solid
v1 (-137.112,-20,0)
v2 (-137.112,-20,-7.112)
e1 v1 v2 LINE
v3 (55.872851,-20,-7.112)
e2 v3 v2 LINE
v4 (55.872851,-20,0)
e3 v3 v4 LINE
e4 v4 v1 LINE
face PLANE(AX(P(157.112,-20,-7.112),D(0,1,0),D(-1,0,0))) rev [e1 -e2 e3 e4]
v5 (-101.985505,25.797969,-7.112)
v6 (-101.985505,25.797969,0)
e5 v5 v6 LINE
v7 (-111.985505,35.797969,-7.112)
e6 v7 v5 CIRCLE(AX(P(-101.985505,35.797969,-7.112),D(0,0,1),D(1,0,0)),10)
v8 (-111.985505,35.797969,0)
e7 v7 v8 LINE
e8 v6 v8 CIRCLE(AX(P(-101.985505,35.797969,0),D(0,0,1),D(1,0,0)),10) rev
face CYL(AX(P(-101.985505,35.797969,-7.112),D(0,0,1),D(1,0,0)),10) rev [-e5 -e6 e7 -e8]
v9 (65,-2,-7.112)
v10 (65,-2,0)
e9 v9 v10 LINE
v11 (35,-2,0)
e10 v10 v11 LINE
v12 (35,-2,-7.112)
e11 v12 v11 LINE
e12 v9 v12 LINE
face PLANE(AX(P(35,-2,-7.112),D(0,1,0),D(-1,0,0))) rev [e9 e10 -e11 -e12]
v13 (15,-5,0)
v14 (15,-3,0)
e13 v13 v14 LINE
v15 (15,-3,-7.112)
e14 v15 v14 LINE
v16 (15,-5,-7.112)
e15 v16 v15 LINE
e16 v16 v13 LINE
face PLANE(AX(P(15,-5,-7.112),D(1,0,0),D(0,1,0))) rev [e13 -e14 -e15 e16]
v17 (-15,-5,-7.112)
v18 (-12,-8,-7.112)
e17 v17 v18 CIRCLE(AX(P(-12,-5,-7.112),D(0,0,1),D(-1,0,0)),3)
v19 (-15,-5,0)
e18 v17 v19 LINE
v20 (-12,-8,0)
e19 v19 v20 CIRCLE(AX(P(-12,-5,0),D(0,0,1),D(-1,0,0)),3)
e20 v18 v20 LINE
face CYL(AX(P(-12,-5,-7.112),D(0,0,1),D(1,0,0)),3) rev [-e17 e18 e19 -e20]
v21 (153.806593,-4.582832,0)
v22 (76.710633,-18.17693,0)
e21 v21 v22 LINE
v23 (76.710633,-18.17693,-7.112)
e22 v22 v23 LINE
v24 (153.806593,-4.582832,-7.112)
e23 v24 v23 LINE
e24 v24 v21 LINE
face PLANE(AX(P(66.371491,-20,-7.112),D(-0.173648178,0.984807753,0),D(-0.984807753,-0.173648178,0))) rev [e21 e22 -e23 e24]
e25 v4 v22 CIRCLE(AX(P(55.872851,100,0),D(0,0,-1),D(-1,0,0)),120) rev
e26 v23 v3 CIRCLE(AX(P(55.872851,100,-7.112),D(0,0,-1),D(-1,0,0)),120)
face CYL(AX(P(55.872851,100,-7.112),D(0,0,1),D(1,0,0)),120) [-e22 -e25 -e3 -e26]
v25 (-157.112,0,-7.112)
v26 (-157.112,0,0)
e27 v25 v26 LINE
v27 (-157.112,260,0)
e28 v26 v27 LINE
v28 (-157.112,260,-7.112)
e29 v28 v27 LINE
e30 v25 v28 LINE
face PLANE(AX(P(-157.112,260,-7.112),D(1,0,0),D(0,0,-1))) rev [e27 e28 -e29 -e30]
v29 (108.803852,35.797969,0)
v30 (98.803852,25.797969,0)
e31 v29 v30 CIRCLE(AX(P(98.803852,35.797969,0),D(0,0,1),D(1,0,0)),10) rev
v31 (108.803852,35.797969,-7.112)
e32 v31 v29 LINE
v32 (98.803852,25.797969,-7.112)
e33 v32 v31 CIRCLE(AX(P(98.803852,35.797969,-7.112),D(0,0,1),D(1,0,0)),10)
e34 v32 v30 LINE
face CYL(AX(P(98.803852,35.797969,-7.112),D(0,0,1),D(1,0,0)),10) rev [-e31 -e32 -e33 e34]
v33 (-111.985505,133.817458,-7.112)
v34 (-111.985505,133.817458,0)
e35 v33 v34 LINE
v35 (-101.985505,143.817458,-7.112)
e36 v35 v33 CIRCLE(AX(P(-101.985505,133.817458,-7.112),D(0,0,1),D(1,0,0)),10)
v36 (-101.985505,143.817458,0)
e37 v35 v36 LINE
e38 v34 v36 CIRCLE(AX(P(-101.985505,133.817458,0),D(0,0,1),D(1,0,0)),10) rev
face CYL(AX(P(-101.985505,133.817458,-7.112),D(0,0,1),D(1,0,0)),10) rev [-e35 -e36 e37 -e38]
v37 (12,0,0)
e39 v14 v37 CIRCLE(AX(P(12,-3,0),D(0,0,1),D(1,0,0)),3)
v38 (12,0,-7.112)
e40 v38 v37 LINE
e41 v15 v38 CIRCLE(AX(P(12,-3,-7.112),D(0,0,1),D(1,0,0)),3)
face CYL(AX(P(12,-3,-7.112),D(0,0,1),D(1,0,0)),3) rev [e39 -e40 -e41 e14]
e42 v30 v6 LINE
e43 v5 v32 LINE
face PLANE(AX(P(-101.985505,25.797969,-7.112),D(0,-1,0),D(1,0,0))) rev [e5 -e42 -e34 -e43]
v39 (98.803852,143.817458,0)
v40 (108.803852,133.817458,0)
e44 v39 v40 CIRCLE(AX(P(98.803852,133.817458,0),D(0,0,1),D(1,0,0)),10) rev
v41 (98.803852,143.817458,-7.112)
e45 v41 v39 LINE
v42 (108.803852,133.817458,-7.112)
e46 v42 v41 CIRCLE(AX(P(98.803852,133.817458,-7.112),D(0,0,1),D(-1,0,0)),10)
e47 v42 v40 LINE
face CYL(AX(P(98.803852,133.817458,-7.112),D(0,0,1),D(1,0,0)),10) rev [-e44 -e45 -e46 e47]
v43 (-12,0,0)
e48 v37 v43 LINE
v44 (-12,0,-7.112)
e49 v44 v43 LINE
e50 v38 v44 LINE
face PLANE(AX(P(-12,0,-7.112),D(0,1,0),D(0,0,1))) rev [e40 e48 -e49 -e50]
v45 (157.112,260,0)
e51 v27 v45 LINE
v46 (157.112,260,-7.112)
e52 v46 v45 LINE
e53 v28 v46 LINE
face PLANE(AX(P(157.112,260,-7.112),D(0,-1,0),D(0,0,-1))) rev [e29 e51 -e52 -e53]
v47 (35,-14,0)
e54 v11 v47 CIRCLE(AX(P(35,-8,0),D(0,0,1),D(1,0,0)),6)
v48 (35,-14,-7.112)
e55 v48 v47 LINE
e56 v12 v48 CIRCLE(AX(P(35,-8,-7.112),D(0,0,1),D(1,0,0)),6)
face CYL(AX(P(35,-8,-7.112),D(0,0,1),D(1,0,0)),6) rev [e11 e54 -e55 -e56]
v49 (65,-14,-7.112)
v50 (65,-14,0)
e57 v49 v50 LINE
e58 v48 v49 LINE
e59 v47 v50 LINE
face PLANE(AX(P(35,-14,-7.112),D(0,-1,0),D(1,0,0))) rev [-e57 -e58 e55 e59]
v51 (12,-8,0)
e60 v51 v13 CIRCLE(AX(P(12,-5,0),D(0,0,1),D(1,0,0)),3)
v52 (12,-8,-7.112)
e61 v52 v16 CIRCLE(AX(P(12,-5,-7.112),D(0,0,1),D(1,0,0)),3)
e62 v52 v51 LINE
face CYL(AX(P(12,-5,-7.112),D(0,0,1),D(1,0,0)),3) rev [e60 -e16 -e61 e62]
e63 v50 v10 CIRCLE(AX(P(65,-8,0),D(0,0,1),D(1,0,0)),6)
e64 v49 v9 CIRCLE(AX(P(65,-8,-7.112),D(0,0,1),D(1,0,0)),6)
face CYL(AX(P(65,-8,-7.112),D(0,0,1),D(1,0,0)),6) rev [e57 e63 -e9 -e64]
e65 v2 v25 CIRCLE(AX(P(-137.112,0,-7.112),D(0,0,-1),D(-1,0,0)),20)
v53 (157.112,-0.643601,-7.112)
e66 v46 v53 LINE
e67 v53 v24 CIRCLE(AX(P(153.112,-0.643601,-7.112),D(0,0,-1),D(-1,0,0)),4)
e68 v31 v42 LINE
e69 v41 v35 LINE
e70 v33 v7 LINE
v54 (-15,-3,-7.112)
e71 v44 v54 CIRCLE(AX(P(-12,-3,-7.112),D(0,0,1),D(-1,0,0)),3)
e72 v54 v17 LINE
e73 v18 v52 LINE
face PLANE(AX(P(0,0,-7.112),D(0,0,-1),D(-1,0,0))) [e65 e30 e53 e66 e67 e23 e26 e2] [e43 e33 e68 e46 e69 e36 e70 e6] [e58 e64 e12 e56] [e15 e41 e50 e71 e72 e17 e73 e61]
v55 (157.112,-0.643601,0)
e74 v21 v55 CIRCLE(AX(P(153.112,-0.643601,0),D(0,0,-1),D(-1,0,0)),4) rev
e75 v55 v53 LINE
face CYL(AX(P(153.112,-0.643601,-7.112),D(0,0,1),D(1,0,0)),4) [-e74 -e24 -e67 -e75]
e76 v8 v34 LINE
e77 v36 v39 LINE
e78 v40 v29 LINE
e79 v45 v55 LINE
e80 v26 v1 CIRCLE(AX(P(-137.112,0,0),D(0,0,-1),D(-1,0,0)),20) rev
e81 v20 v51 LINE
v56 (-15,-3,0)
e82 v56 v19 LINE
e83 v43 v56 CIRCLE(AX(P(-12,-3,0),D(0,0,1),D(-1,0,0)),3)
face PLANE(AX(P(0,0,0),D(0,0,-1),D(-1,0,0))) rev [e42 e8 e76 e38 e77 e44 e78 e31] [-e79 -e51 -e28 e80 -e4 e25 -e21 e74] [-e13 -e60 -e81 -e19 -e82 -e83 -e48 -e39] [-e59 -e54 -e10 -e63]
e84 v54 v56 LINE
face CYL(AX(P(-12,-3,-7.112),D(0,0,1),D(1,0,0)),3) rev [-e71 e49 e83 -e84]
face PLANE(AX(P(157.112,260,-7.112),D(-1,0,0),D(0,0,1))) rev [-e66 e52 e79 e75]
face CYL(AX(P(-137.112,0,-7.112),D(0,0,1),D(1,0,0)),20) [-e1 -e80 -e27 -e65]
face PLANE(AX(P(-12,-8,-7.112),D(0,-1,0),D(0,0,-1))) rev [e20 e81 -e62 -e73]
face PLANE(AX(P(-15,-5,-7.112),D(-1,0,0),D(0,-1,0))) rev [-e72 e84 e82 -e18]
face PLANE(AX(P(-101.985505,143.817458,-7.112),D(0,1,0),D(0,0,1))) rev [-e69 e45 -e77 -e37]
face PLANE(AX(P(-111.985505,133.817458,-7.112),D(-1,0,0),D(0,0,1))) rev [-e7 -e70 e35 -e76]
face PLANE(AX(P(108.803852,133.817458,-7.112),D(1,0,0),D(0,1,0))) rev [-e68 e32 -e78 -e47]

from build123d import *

# Parameters (mm, degrees)
SKETCH1_W               = 314.224
SKETCH1_H               = 280
BOSS_EXTRUDE1_DEPTH     = 7.112
CUT_EXTRUDE1_DEPTH      = 304.866353991
CUT_EXTRUDE1_DEPTH_BACK = 304.866353991
CUT_EXTRUDE2_DEPTH      = 304.866353991
CUT_EXTRUDE3_DEPTH      = 304.866353991
FILLET1_R               = 120
FILLET2_R               = 20
FILLET3_R               = 4
CUT_EXTRUDE4_DEPTH      = 304.866353991


with BuildPart() as part:
    # Sketch1 → Boss-Extrude1 (new body)
    with BuildSketch(Plane(origin=(0, 0, 0), x_dir=(1, 0, 0), z_dir=(0, 0, -1))):
        with Locations((0, -120)):
            Rectangle(SKETCH1_W, SKETCH1_H)
    extrude(amount=BOSS_EXTRUDE1_DEPTH)

    # Sketch2 → Cut-Extrude1 (cut, two sides: drawn at the far end of the back side and taken through both)
    with BuildSketch(Plane.XY.offset(-CUT_EXTRUDE1_DEPTH_BACK)):
        with BuildLine():
            Line((-101.985505074, 143.817457954), (98.803851758, 143.817457954))
            ThreePointArc((98.803851758, 143.817457954), (105.87491957, 140.888525766), (108.803851758, 133.817457954))
            Line((108.803851758, 133.817457954), (108.803851758, 35.797968831))
            ThreePointArc((108.803851758, 35.797968831), (105.87491957, 28.726901019), (98.803851758, 25.797968831))
            Line((98.803851758, 25.797968831), (-101.985505074, 25.797968831))
            ThreePointArc((-101.985505074, 25.797968831), (-109.056572886, 28.726901019), (-111.985505074, 35.797968831))
            Line((-111.985505074, 35.797968831), (-111.985505074, 133.817457954))
            ThreePointArc((-111.985505074, 133.817457954), (-109.056572886, 140.888525766), (-101.985505074, 143.817457954))
        make_face()
    extrude(amount=CUT_EXTRUDE1_DEPTH + CUT_EXTRUDE1_DEPTH_BACK, mode=Mode.SUBTRACT)

    # Sketch3 → Cut-Extrude2 (cut, through all)
    with BuildSketch(Plane.XY):
        with BuildLine():
            Line((-12, -8), (12, -8))
            ThreePointArc((12, -8), (14.121320344, -7.121320344), (15, -5))
            Line((15, -5), (15, -3))
            ThreePointArc((15, -3), (14.121320344, -0.878679656), (12, 0))
            Line((12, 0), (-12, 0))
            ThreePointArc((-12, 0), (-14.121320344, -0.878679656), (-15, -3))
            Line((-15, -3), (-15, -5))
            ThreePointArc((-15, -5), (-14.121320344, -7.121320344), (-12, -8))
        make_face()
    extrude(amount=-CUT_EXTRUDE2_DEPTH, mode=Mode.SUBTRACT)

    # Sketch4 → Cut-Extrude3 (cut, through all)
    with BuildSketch(Plane.XY):
        Polygon((66.371490886, -20), (157.112, -4), (157.112, -20), align=None)
    extrude(amount=-CUT_EXTRUDE3_DEPTH, mode=Mode.SUBTRACT)

    # Fillet1
    fillet1_edges = [part.edges().sort_by_distance(p)[0] for p in [
        (66.371490886, -20, -3.556),
    ]]
    fillet(fillet1_edges, radius=FILLET1_R)

    # Fillet2
    fillet2_edges = [part.edges().sort_by_distance(p)[0] for p in [
        (-157.112, -20, -3.556),
    ]]
    fillet(fillet2_edges, radius=FILLET2_R)

    # Fillet3
    fillet3_edges = [part.edges().sort_by_distance(p)[0] for p in [
        (157.112, -4, -3.556),
    ]]
    fillet(fillet3_edges, radius=FILLET3_R)

    # Sketch5 → Cut-Extrude4 (cut, through all)
    with BuildSketch(Plane.XY):
        with BuildLine():
            Line((35, -2), (65, -2))
            ThreePointArc((65, -2), (71, -8), (65, -14))
            Line((65, -14), (35, -14))
            ThreePointArc((35, -14), (29, -8), (35, -2))
        make_face()
    extrude(amount=-CUT_EXTRUDE4_DEPTH, mode=Mode.SUBTRACT)


solid = part.part
